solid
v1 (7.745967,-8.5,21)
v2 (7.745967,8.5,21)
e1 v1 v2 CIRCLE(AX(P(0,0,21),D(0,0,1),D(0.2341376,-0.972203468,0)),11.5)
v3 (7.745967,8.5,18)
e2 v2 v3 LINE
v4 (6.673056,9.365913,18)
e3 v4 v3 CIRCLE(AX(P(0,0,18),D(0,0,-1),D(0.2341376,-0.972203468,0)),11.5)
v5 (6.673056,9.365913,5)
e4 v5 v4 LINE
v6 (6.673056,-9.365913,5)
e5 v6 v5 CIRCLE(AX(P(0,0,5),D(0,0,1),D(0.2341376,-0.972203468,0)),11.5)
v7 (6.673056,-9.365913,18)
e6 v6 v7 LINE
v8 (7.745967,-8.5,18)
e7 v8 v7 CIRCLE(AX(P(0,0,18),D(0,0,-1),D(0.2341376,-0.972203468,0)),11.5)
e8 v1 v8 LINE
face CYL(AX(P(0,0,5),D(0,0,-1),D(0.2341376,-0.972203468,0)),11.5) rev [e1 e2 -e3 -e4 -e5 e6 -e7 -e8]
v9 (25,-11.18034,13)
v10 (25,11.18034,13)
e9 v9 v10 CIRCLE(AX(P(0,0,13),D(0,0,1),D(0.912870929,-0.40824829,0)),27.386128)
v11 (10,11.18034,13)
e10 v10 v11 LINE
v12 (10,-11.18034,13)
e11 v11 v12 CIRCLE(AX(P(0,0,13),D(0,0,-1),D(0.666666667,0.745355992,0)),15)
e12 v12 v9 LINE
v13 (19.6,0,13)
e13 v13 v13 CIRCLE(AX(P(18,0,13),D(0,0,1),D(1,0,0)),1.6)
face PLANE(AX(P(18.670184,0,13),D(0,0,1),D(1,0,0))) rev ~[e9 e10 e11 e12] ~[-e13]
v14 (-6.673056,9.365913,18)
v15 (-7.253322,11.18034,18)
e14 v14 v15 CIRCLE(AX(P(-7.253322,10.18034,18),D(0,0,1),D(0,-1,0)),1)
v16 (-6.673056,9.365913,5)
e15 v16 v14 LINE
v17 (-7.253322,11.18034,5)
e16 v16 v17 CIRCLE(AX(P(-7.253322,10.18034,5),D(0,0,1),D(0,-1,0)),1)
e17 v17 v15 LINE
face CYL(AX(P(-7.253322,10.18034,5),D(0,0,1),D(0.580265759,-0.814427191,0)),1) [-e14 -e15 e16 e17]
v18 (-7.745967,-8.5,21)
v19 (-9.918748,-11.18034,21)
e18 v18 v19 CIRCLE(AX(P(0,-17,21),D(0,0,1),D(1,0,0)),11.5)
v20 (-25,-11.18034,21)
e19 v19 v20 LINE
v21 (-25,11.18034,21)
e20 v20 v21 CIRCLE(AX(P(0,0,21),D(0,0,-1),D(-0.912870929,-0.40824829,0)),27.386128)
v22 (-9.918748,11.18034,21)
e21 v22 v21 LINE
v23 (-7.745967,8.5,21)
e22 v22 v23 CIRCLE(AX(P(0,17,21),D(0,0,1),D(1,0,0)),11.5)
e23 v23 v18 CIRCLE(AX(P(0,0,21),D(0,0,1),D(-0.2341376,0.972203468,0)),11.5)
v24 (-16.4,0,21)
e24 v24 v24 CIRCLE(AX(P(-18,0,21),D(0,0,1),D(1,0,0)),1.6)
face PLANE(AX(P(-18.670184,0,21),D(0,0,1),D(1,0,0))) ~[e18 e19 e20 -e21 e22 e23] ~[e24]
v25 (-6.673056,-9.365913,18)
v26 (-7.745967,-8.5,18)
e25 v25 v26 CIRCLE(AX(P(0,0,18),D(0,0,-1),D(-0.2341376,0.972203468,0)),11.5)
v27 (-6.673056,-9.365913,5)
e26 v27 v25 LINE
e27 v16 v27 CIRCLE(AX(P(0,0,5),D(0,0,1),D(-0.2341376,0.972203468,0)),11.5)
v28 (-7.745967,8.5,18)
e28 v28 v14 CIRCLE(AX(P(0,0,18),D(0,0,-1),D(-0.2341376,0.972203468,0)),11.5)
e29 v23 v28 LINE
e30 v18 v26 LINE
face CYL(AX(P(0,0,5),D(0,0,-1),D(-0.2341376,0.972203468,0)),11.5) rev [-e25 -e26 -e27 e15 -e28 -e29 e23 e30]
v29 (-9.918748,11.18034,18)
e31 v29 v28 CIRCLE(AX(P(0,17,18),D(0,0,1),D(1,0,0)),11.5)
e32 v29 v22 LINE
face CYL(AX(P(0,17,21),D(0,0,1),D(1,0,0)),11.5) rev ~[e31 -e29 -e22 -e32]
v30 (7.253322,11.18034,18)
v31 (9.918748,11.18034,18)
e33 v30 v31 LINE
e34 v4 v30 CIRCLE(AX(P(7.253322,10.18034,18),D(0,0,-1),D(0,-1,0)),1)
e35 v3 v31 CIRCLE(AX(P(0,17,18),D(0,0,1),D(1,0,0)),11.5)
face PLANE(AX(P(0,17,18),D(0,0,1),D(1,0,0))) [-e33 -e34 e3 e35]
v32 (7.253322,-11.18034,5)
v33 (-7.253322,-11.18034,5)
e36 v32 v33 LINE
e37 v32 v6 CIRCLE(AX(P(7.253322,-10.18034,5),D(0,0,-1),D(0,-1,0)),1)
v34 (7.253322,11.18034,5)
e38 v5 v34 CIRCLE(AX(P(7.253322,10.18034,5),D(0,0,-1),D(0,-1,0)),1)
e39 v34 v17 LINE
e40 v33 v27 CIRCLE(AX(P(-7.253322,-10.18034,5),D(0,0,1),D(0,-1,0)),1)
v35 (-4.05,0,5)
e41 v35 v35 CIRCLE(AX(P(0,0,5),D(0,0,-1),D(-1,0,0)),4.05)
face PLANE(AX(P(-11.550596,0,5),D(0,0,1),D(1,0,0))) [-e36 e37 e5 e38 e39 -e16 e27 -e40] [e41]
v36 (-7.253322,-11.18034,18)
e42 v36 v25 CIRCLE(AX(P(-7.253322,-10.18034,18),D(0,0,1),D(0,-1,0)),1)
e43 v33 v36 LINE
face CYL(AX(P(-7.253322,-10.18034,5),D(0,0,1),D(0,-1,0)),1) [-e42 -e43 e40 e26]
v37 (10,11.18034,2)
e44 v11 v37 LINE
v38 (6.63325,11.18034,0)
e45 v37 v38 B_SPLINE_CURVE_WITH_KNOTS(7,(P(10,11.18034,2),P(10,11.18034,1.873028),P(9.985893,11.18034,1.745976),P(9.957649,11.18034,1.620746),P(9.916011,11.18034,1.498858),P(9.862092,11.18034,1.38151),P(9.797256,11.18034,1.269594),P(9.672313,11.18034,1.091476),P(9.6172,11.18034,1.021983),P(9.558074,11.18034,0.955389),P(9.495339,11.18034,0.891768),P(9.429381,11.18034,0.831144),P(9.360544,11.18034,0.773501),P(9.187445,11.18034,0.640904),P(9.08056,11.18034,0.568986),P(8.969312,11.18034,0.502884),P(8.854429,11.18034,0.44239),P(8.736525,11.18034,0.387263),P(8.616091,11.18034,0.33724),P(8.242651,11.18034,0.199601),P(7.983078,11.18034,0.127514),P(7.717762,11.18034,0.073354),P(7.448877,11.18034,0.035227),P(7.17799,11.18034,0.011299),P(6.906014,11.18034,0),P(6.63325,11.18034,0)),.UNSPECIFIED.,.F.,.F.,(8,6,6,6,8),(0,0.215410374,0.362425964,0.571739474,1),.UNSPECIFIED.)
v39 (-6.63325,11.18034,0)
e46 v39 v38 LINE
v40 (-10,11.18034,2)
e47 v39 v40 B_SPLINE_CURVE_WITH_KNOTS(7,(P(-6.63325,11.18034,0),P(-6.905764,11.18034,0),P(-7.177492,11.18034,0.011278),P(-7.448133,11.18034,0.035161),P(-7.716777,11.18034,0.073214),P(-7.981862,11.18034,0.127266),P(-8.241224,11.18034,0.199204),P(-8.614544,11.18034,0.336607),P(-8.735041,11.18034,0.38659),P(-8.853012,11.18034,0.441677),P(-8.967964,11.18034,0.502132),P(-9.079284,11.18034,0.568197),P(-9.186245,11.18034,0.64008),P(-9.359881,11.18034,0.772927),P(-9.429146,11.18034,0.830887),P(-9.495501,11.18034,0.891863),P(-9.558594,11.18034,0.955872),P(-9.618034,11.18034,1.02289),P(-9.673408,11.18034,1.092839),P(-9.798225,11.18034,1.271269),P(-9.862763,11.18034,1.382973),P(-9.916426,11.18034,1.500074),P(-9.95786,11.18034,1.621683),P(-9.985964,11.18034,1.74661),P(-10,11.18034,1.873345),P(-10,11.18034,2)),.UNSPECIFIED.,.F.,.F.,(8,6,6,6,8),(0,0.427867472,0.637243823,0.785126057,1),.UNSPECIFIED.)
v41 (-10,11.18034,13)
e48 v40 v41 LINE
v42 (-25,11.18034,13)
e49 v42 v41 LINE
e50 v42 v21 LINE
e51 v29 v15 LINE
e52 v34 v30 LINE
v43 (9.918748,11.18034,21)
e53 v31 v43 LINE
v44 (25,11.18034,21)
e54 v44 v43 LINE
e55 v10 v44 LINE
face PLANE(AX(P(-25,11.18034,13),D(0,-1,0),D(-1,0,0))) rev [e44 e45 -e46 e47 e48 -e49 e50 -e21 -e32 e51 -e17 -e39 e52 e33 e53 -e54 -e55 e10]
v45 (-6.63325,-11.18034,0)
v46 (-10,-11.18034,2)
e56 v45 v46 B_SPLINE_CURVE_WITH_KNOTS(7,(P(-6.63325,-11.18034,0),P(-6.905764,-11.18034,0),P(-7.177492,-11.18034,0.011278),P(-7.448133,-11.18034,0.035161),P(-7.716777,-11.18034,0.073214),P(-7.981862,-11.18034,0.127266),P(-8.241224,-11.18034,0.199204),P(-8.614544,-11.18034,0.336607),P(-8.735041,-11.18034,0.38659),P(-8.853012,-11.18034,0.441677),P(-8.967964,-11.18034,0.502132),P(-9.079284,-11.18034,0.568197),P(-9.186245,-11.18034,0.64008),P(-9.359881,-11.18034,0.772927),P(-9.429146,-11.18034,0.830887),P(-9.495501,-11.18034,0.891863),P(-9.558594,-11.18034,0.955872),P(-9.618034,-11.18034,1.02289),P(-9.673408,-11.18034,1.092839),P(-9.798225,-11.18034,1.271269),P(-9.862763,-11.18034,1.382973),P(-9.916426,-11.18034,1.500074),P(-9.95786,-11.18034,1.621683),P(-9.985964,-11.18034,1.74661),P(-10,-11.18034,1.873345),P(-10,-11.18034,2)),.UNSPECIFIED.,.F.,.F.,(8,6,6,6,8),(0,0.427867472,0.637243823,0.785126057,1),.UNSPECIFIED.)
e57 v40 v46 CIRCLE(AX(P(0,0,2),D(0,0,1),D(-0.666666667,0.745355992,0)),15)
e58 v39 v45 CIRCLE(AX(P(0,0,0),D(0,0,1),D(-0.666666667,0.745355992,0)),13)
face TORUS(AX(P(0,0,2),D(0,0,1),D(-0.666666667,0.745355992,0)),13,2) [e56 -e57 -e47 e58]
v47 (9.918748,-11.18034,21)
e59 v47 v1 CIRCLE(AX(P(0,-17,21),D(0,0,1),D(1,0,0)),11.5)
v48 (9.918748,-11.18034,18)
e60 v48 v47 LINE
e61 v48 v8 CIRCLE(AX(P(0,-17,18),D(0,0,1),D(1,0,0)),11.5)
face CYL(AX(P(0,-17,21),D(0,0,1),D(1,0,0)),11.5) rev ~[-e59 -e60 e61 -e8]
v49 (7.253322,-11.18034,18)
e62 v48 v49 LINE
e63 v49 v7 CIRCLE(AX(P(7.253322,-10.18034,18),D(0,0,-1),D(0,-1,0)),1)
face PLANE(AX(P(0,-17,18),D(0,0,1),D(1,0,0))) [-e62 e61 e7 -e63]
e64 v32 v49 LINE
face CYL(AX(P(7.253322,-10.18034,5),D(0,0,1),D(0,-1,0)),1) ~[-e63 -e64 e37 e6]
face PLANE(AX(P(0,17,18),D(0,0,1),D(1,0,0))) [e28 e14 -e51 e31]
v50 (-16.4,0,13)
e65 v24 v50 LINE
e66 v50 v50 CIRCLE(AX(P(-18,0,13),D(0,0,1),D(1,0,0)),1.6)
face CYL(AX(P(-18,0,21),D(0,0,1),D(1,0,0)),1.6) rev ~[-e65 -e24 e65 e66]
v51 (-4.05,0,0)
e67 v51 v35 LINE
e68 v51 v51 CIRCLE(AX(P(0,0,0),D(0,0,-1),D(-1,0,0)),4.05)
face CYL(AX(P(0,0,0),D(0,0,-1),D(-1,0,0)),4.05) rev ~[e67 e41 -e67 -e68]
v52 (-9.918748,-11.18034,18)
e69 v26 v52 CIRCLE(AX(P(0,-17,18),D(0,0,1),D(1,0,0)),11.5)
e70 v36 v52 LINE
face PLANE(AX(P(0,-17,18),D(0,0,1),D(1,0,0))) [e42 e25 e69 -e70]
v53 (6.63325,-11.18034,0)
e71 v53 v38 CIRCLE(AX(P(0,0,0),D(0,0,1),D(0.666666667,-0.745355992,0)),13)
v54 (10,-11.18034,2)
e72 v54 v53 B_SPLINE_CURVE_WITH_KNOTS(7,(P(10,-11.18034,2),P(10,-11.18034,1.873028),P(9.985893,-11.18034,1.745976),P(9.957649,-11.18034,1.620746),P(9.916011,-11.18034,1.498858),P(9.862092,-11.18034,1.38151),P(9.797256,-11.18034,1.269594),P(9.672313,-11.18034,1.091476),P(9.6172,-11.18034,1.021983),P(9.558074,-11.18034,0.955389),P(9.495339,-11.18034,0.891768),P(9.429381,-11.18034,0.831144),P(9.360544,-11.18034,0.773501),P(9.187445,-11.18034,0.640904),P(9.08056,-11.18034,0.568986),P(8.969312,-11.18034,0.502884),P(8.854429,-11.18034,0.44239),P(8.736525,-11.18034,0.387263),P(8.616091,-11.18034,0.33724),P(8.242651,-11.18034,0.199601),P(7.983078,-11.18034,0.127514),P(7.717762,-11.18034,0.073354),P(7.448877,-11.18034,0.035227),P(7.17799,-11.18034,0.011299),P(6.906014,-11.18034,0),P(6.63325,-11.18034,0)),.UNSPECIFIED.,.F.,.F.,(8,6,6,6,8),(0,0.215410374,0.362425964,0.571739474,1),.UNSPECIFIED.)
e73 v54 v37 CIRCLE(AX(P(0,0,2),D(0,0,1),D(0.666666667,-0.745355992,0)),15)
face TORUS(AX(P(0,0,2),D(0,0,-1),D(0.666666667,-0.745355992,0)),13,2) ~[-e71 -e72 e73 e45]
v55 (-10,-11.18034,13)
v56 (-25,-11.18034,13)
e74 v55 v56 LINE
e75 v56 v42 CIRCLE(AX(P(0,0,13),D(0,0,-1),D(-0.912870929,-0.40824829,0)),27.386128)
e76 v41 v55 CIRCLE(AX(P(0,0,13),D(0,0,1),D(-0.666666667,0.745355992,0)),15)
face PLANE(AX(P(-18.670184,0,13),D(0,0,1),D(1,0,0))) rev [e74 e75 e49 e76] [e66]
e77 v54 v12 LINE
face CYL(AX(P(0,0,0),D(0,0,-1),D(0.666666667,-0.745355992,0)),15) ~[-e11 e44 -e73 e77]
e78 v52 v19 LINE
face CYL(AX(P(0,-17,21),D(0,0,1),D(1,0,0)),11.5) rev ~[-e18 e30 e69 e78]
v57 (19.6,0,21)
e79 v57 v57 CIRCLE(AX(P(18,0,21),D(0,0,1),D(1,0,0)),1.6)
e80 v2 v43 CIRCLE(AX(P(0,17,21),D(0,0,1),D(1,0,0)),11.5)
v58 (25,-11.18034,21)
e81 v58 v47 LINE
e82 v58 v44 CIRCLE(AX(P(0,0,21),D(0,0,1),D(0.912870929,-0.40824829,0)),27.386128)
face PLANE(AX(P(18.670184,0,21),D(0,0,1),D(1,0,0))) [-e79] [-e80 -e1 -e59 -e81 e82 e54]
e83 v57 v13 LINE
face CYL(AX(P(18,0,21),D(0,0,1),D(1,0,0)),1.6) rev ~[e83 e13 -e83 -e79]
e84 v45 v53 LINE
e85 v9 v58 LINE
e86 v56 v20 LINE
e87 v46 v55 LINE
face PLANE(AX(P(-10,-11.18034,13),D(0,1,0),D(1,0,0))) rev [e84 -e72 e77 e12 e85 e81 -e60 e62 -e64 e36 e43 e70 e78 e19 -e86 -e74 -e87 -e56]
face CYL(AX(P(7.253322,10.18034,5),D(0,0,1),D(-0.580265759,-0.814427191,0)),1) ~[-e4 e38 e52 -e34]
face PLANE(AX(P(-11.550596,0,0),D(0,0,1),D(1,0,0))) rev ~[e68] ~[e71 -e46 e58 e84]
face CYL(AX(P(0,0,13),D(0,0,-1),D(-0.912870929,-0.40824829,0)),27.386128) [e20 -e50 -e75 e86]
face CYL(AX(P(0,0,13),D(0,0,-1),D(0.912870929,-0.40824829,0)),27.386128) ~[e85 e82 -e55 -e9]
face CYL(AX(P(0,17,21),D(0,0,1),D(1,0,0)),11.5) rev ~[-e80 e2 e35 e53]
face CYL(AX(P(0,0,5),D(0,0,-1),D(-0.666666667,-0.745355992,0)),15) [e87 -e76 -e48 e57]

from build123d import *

# Parameters (mm, degrees)
SKETCH_1_W          = 20
SKETCH_1_H          = 22.3606797749979
EXTRUDE_1_DEPTH     = 5
SKETCH_2_R          = 4.05
CUT_EXTRUDE_1_DEPTH = 5
EXTRUDE_2_DEPTH     = 16
EXTRUDE_START       = -8
EXTRUDE_3_DEPTH     = 8
SKETCH_5_R          = 11.5
CUT_EXTRUDE_2_DEPTH = 3
FILLET_2_R          = 2
SKETCH_6_R          = 1.6000000000000016
CUT_EXTRUDE_3_DEPTH = 13
FILLET_3_R          = 1


with BuildPart() as part:
    # 草图1 → 凸台-拉伸1 (new body)
    with BuildSketch(Plane.XY):
        with BuildLine():
            Line((-10, -11.18033988749895), (-10, 11.18033988749895))
            ThreePointArc((-10, 11.180339887498945), (-14.999999999999998, 1.84e-15), (-10.000000000000004, -11.180339887498944))
        make_face()
        Rectangle(SKETCH_1_W, SKETCH_1_H)
        with BuildLine():
            ThreePointArc((14.999999999999998, 0), (13.69306393762915, 6.123724356957945), (9.999999999999998, 11.180339887498947))
            Line((10, 11.18033988749895), (10, -11.18033988749895))
            ThreePointArc((9.999999999999998, -11.180339887498947), (13.69306393762915, -6.123724356957946), (14.999999999999998, -3.67e-15))
        make_face()
    extrude(amount=EXTRUDE_1_DEPTH)

    # 草图2 → 切除-拉伸1 (cut)
    with BuildSketch(Plane(origin=(0, 0, 0), x_dir=(-1, 0, 0), z_dir=(0, 0, -1))):
        Circle(SKETCH_2_R)
    extrude(amount=-CUT_EXTRUDE_1_DEPTH, mode=Mode.SUBTRACT)

    # 草图3 → 凸台-拉伸2 (add)
    with BuildSketch(Plane.XY.offset(5)):
        with BuildLine():
            Line((-10, 11.18033988749895), (-2.6925824035672443, 11.18033988749895))
            ThreePointArc((-2.6925824035672443, 11.18033988749895), (-11.5, 1.41e-15), (-2.6925824035672443, -11.18033988749895))
            Line((-2.6925824035672443, -11.18033988749895), (-10, -11.18033988749895))
            ThreePointArc((-10, -11.18033988749895), (-15.000000000000002, 1.84e-15), (-10, 11.18033988749895))
        make_face()
        with BuildLine():
            Line((2.692582403567243, 11.18033988749895), (10, 11.18033988749895))
            ThreePointArc((10, 11.18033988749895), (15.000000000000002, 0), (10, -11.18033988749895))
            Line((10, -11.18033988749895), (2.6925824035672443, -11.18033988749895))
            ThreePointArc((2.6925824035672443, -11.18033988749895), (11.5, 0), (2.692582403567243, 11.18033988749895))
        make_face()
    extrude(amount=EXTRUDE_2_DEPTH)

    # 草图4 → 凸台-拉伸3 (add)
    with BuildSketch(Plane.XY.offset(21).offset(EXTRUDE_START)):
        with BuildLine():
            Line((10, -11.18033988749895), (25, -11.18033988749895))
            ThreePointArc((25, -11.18033988749895), (27.386127875258307, 0), (25, 11.180339887498949))
            Line((25, 11.180339887498949), (10, 11.18033988749895))
            ThreePointArc((10, 11.18033988749895), (15.000000000000002, 0), (10, -11.18033988749895))
        make_face()
    extrude_3 = extrude(amount=EXTRUDE_3_DEPTH)

    # 镜向1: 凸台-拉伸3 across plane
    add(extrude_3.mirror(Plane(origin=(0, 0, 0), x_dir=(0, 0, 1), z_dir=(1, 0, 0))))

    # 草图5 → 切除-拉伸2 (cut)
    with BuildSketch(Plane.XY.offset(21)):
        with Locations((0, 17)):
            Circle(SKETCH_5_R)
        with Locations((0, -17)):
            Circle(SKETCH_5_R)
    extrude(amount=-CUT_EXTRUDE_2_DEPTH, mode=Mode.SUBTRACT)

    # 圆角2
    fillet_2_edges = [part.edges().sort_by_distance(p)[0] for p in [
        (14.999999999999998, 3.55e-15, 0),
        (-14.999999999999996, 2.22e-15, 0),
    ]]
    fillet(fillet_2_edges, radius=FILLET_2_R)

    # 草图6 → 切除-拉伸3 (cut)
    with BuildSketch(Plane.XY.offset(21)):
        with Locations((18, 0)):
            Circle(SKETCH_6_R)
        with Locations((-18, 0)):
            Circle(SKETCH_6_R)
    extrude(amount=-CUT_EXTRUDE_3_DEPTH, mode=Mode.SUBTRACT)

    # 圆角3
    fillet_3_edges = [part.edges().sort_by_distance(p)[0] for p in [
        (2.6925824035672443, -11.18033988749895, 11.5),
        (2.6925824035672443, 11.18033988749895, 11.5),
        (-2.6925824035672443, 11.18033988749895, 11.5),
        (-2.6925824035672434, -11.18033988749895, 11.5),
    ]]
    fillet(fillet_3_edges, radius=FILLET_3_R)


solid = part.part
